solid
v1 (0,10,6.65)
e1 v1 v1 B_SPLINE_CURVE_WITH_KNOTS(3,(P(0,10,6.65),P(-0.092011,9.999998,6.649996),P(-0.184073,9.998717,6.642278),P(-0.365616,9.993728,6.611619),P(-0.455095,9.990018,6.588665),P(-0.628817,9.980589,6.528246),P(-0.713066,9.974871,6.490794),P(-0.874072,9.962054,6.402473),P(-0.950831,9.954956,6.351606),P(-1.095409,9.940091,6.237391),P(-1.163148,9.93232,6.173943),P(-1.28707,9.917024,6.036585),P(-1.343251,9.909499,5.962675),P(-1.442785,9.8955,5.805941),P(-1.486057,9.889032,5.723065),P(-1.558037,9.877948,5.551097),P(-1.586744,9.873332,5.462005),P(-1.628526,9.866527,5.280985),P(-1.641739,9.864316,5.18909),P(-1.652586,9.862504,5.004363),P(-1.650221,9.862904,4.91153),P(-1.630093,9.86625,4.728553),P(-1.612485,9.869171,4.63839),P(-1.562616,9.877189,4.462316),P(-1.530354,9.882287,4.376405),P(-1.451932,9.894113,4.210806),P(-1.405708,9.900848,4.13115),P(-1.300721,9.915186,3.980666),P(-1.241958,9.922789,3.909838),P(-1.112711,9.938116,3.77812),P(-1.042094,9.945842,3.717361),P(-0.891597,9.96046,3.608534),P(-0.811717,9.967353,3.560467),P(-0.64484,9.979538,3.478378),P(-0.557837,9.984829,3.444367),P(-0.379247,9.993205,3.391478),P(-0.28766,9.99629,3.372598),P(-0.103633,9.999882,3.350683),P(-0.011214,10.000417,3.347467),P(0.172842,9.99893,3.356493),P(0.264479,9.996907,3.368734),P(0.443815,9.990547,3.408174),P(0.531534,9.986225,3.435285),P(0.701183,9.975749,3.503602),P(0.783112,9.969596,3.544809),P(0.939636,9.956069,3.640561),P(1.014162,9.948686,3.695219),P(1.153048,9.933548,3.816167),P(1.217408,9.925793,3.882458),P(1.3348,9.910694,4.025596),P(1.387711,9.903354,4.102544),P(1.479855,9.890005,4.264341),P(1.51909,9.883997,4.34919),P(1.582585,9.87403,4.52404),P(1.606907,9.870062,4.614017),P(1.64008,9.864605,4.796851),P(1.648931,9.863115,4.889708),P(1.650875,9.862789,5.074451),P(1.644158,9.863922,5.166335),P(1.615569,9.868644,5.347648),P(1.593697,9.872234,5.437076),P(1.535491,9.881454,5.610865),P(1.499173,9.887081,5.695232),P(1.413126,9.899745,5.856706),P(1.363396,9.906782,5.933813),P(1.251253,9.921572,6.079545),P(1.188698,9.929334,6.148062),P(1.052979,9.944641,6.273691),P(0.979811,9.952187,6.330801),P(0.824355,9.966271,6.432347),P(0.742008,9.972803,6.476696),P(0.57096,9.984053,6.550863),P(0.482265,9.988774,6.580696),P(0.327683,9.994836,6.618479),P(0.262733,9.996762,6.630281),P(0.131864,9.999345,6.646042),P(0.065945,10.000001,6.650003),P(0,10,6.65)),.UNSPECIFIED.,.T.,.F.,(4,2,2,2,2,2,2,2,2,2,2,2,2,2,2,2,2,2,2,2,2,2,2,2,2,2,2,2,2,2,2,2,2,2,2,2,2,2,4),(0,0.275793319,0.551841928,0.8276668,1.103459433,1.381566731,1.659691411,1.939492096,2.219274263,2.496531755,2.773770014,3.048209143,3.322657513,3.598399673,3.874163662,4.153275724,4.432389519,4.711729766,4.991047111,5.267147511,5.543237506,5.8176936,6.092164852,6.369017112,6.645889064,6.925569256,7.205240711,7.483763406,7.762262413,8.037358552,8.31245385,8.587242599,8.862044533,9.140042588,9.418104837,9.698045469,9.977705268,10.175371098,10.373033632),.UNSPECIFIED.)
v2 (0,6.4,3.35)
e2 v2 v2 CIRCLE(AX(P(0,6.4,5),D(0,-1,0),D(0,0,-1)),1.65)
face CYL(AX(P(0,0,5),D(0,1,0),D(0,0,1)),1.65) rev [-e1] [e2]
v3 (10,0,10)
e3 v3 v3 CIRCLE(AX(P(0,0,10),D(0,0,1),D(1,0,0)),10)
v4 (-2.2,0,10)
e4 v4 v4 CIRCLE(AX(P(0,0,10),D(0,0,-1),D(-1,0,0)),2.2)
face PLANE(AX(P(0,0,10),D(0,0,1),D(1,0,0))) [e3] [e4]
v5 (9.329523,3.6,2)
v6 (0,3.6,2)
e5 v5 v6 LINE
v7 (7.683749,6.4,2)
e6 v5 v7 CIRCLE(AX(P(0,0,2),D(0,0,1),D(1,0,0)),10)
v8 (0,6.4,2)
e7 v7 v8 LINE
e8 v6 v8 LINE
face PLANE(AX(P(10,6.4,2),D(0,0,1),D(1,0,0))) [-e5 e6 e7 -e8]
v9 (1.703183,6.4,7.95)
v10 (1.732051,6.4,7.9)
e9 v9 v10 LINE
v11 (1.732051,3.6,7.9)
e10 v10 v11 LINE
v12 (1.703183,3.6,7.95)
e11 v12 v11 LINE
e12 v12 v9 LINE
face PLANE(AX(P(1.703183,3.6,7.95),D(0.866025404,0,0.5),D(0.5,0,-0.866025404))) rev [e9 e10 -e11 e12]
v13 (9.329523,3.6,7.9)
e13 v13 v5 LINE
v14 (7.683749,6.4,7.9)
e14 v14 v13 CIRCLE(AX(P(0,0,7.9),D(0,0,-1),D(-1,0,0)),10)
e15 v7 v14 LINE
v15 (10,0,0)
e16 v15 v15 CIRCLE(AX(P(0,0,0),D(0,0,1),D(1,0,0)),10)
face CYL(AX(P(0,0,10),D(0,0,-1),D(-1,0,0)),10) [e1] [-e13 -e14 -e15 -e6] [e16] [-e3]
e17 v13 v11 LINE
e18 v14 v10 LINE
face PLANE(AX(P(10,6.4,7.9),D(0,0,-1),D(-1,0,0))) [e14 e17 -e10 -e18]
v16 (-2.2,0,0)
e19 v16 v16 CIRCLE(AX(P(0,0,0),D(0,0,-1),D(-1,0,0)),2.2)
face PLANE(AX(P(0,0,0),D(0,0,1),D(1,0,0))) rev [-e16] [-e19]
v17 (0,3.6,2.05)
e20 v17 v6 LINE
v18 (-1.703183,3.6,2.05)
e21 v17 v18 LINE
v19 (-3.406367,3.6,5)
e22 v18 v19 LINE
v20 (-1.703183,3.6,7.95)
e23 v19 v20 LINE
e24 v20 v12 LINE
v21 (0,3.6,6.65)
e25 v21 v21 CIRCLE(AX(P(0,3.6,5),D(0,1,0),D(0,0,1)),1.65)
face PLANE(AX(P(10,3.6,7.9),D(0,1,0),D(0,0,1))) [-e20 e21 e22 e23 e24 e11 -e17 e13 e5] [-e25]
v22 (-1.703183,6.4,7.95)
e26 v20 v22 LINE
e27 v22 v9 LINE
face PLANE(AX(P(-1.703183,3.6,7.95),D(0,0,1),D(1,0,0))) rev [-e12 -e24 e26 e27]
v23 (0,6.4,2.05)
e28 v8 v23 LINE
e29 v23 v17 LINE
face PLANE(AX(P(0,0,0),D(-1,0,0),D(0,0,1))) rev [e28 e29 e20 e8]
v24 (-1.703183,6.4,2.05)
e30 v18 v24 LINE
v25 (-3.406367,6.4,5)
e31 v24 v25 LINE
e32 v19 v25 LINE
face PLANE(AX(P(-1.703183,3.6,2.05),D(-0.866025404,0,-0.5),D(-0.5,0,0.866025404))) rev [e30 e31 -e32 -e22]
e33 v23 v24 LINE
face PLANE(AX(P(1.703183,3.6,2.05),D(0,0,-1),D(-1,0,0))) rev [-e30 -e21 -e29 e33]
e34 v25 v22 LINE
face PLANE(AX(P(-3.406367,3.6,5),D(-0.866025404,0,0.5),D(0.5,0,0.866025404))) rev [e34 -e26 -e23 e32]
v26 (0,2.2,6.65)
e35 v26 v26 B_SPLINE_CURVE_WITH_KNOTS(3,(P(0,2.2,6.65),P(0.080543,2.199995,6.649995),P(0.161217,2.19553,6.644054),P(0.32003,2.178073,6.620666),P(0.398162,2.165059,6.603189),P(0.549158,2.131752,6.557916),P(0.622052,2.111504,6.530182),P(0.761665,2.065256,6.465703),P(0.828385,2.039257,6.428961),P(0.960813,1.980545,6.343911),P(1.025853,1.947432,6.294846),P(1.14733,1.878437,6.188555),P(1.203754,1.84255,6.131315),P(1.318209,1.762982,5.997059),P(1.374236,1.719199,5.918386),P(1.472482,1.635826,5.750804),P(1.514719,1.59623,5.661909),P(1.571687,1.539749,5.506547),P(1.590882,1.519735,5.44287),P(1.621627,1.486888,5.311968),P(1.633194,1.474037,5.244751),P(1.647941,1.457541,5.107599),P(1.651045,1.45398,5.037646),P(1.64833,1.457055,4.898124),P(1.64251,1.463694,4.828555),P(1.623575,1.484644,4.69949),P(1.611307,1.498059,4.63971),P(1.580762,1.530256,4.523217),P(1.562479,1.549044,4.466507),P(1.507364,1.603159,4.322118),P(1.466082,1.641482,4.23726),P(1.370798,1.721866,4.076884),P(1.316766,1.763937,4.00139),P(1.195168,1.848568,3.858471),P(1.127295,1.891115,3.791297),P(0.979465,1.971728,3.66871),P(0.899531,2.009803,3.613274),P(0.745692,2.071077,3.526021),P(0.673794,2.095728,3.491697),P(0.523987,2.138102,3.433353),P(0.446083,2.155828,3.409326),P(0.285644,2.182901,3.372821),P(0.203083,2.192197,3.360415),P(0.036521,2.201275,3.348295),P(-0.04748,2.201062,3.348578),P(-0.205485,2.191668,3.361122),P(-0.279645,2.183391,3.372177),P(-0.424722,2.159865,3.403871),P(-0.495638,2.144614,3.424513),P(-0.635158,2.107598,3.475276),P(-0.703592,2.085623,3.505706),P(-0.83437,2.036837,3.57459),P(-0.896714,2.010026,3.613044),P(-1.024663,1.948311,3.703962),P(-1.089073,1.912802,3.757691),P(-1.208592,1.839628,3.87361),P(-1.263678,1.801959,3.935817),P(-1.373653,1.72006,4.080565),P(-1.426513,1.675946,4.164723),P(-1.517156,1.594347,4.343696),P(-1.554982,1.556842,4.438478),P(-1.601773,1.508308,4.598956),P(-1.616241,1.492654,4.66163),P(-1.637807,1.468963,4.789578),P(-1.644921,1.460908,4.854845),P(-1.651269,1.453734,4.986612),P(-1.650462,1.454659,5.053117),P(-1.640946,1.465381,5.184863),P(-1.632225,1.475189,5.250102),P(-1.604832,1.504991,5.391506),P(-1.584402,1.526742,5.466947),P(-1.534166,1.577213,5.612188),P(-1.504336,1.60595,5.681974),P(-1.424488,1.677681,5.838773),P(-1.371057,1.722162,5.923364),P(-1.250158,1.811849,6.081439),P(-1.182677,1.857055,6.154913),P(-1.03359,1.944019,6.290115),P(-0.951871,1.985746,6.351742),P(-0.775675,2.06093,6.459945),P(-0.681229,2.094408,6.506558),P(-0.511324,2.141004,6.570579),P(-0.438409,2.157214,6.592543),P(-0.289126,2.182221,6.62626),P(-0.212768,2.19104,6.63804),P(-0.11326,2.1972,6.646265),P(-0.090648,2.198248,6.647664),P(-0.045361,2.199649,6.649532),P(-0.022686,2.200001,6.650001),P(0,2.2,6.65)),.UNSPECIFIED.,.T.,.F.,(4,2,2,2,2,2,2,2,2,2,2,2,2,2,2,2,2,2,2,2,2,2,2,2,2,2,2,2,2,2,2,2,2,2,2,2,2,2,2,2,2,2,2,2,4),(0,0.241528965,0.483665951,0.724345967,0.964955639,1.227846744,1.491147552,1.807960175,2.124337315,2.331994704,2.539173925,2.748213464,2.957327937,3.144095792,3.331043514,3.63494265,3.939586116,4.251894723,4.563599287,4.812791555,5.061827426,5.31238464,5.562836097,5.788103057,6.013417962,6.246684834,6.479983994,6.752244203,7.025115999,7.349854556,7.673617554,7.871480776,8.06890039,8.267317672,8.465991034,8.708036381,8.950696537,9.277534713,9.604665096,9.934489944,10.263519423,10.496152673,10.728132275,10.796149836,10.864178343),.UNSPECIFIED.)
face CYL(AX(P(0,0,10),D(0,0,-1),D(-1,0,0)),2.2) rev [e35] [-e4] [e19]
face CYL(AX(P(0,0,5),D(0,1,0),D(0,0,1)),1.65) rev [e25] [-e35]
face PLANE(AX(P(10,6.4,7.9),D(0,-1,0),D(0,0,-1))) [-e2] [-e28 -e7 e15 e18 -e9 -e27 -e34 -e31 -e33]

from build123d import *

# Parameters (mm, degrees)
SKETCH_1_R          = 10
EXTRUDE_1_DEPTH     = 10
SKETCH_2_R          = 2.2
CUT_EXTRUDE_2_DEPTH = 10
CUT_EXTRUDE_3_DEPTH = 10
SKETCH_5_R          = 1.65
CUT_EXTRUDE_4_DEPTH = 10
CUT_EXTRUDE_START   = -3.6
CUT_EXTRUDE_5_DEPTH = 2.8


with BuildPart() as part:
    # Эскиз1 → Бобышка-Вытянуть1 (new body)
    with BuildSketch(Plane.XY):
        Circle(SKETCH_1_R)
    extrude(amount=EXTRUDE_1_DEPTH)

    # Эскиз2 → Вырез-Вытянуть2 (cut)
    with BuildSketch(Plane(origin=(0, 0, 0), x_dir=(-1, 0, 0), z_dir=(0, 0, -1))):
        Circle(SKETCH_2_R)
    extrude(amount=-CUT_EXTRUDE_2_DEPTH, mode=Mode.SUBTRACT)

    # Sketch 4 → Вырез-Вытянуть3 (cut)
    with BuildSketch(Plane(origin=(10, 6.4, 7.9), x_dir=(0, -0.4287444523171483, -0.9034258102397056), z_dir=(1, 0, 0))):
        Polygon((0, 0), (5.33021228, 2.529592269), (6.530696747, 0), (1.200484466, -2.529592269), align=None)
    extrude(amount=-CUT_EXTRUDE_3_DEPTH, mode=Mode.SUBTRACT)

    # Эскиз5 → Вырез-Вытянуть4 (cut)
    with BuildSketch(Plane(origin=(0, 10, 0), x_dir=(1, 0, 0), z_dir=(0, 1, 0))):
        with Locations(Location((0, -5, 0), (0, 0, 270))):
            Circle(SKETCH_5_R)
    extrude(amount=-CUT_EXTRUDE_4_DEPTH, mode=Mode.SUBTRACT)

    # Эскиз6 → Вырез-Вытянуть5 (cut)
    with BuildSketch(Plane(origin=(0, 10, 0), x_dir=(1, 0, 0), z_dir=(0, 1, 0)).offset(CUT_EXTRUDE_START)):
        Polygon((-1.703183294, -2.05), (-3.406366588, -5), (-1.703183294, -7.95), (1.703183294, -7.95), (3.406366588, -5), (1.703183294, -2.05), align=None)
    extrude(amount=-CUT_EXTRUDE_5_DEPTH, mode=Mode.SUBTRACT)


solid = part.part
